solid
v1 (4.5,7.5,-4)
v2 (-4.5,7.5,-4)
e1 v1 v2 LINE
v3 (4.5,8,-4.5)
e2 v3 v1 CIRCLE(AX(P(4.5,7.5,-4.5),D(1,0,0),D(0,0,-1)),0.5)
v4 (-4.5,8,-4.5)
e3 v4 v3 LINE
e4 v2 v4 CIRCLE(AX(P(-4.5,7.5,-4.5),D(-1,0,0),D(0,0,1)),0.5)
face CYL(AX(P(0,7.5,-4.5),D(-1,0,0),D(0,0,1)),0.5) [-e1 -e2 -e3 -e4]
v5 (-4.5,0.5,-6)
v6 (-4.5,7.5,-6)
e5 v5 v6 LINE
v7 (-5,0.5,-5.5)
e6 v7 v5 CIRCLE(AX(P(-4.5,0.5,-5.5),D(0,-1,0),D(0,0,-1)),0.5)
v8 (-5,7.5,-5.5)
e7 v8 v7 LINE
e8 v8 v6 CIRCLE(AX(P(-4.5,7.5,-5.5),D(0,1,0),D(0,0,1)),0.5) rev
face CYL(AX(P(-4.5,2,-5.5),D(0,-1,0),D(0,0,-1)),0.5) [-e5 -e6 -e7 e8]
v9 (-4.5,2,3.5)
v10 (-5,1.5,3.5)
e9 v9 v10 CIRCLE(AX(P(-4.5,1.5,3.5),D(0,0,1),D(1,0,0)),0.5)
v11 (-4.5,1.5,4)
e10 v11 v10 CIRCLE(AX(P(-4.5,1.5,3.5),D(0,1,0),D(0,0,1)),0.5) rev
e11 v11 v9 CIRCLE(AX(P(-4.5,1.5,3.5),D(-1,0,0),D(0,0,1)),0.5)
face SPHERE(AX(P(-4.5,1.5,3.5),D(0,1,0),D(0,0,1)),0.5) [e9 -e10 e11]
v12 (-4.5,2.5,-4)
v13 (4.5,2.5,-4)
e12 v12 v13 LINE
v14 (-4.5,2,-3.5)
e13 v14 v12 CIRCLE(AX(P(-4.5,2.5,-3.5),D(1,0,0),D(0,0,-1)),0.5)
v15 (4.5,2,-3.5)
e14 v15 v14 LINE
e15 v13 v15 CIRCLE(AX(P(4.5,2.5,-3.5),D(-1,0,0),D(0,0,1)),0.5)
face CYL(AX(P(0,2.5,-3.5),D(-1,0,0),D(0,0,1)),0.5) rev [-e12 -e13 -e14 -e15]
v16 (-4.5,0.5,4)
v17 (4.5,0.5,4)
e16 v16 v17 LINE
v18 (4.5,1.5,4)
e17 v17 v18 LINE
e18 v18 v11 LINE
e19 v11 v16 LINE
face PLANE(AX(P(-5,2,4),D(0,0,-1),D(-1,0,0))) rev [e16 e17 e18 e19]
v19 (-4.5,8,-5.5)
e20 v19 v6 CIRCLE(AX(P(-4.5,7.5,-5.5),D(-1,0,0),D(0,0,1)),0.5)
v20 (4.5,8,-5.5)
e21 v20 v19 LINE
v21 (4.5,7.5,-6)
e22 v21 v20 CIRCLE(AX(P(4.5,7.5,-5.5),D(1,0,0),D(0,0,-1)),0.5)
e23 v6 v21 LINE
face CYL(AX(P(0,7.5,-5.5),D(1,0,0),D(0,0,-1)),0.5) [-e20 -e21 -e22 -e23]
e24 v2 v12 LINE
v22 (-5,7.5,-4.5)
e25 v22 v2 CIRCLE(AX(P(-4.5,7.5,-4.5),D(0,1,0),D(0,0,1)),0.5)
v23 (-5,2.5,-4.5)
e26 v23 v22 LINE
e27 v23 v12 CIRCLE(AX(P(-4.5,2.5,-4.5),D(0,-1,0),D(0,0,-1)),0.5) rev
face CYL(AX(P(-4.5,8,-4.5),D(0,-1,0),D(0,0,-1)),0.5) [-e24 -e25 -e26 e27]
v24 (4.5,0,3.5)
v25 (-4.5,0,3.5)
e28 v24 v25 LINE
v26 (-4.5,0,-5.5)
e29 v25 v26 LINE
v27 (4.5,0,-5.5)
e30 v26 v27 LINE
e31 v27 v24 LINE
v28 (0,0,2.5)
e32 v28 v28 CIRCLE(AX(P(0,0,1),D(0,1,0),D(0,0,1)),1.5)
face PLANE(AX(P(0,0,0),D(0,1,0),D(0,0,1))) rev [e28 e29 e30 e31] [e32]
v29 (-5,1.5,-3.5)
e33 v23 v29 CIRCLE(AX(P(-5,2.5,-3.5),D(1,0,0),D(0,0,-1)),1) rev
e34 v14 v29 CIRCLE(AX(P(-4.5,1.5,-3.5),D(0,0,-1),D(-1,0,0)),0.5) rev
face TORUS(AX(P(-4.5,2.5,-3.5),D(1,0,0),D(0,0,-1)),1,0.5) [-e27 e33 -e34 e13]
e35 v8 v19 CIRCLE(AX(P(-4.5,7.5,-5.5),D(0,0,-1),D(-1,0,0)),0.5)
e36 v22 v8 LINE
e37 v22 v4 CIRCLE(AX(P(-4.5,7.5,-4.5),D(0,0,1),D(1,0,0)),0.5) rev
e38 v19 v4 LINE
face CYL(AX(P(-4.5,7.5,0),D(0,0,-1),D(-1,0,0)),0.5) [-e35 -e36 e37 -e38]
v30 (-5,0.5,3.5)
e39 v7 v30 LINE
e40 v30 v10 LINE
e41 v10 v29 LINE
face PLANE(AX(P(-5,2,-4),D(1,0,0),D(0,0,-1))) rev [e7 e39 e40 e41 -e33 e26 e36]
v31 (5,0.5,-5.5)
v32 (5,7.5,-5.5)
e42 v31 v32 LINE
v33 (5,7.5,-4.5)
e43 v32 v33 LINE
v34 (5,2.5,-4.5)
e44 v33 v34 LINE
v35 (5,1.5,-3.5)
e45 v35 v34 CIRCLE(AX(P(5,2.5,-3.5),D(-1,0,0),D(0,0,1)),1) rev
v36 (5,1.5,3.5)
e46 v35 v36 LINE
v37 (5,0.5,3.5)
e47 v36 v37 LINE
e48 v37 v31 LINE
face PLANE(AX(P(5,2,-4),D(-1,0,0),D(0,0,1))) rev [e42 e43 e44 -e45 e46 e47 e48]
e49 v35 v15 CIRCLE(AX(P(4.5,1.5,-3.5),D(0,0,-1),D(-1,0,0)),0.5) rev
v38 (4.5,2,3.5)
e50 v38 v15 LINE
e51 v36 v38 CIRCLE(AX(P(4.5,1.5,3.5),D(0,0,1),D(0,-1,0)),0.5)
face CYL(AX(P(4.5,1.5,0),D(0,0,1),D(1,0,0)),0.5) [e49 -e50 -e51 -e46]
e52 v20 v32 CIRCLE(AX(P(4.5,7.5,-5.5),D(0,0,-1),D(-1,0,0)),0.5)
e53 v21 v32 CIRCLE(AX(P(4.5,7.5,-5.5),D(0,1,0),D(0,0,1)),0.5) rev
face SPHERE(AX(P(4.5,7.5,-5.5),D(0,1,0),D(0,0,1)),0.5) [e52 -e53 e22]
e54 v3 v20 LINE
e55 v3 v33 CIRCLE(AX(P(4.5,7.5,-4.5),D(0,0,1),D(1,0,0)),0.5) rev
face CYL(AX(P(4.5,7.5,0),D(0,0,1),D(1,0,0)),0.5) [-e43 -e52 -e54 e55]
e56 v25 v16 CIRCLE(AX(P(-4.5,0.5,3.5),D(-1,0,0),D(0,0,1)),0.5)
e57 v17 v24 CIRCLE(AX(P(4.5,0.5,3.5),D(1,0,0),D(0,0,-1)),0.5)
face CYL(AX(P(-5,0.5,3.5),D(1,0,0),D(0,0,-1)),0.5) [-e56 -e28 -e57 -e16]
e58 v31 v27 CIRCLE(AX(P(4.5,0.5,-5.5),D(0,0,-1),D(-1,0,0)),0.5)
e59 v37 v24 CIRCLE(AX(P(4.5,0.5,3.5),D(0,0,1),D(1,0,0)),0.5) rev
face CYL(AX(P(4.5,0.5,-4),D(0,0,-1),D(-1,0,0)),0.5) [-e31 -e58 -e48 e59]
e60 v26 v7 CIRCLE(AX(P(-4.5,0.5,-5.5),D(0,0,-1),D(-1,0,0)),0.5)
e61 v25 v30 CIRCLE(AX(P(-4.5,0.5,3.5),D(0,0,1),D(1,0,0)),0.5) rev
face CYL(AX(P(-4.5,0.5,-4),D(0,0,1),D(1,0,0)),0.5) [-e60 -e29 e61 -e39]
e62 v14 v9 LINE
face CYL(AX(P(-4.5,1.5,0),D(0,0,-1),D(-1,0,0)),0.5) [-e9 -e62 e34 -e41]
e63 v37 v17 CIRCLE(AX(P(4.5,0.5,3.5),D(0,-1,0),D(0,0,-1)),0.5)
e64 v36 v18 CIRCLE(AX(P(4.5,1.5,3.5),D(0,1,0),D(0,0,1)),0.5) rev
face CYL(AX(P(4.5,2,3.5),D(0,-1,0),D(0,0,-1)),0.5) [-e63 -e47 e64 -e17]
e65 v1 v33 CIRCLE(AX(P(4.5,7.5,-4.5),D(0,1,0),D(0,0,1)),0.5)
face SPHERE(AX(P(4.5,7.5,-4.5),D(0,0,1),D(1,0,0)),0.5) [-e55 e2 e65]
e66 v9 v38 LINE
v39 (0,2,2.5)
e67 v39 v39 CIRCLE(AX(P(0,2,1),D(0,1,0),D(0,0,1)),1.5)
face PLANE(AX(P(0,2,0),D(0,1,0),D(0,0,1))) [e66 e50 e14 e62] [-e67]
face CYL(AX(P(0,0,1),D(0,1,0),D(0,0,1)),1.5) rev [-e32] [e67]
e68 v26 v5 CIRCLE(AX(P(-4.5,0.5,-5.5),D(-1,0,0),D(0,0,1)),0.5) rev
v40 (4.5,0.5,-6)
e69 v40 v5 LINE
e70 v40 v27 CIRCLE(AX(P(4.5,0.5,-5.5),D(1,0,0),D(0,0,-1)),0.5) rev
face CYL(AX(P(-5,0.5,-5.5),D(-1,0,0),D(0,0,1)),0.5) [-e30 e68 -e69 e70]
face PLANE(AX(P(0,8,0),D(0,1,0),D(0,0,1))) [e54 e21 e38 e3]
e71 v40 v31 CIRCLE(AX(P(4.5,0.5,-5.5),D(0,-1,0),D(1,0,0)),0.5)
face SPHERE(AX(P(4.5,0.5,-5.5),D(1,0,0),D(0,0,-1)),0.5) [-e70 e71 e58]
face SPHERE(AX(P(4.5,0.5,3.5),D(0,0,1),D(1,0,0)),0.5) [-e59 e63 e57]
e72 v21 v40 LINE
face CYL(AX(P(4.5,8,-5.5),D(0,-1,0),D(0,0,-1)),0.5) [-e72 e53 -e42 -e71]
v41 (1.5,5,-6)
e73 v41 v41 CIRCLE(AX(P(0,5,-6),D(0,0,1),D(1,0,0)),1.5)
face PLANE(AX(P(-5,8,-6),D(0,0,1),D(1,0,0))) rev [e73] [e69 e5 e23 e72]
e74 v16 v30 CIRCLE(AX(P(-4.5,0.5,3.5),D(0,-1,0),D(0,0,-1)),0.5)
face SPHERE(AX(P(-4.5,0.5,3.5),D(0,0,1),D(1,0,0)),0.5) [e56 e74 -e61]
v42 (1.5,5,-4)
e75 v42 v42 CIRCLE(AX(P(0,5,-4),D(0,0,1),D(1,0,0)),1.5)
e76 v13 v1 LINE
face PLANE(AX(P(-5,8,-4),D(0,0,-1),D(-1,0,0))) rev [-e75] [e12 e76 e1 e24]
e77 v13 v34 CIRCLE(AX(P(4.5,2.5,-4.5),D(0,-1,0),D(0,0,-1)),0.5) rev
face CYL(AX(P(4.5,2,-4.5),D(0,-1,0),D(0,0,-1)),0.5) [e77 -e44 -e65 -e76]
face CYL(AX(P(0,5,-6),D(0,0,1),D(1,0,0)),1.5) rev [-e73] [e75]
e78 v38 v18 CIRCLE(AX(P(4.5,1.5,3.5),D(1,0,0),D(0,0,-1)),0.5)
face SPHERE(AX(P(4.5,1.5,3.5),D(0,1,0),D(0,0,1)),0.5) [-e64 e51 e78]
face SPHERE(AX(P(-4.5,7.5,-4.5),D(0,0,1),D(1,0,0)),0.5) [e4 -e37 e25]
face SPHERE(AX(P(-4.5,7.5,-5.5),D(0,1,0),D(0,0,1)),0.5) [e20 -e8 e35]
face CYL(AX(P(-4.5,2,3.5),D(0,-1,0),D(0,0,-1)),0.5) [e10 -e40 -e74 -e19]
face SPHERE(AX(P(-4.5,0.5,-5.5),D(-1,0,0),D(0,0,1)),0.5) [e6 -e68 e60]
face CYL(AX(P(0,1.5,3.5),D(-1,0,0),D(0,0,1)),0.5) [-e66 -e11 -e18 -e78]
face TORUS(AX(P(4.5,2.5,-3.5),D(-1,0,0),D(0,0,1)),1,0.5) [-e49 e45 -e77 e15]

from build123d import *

# Parameters (mm, degrees)
SKETCH1_W           = 10
SKETCH1_H           = 8
BOSS_EXTRUDE1_DEPTH = 2
SKETCH2_W           = 10
SKETCH2_H           = 2
BOSS_EXTRUDE2_DEPTH = 8
SKETCH3_R           = 1.5
CUT_EXTRUDE1_DEPTH  = 10.848857802
SKETCH4_R           = 1.5
CUT_EXTRUDE2_DEPTH  = 13.369316877
FILLET1_R           = 0.5


with BuildPart() as part:
    # Sketch1 → Boss-Extrude1 (new body)
    with BuildSketch(Plane(origin=(0, 0, 0), x_dir=(1, 0, 0), z_dir=(0, 1, 0))):
        Rectangle(SKETCH1_W, SKETCH1_H)
    extrude(amount=BOSS_EXTRUDE1_DEPTH)

    # Sketch2 → Boss-Extrude2 (add)
    with BuildSketch(Plane(origin=(0, 0, 0), x_dir=(1, 0, 0), z_dir=(0, 1, 0))):
        with Locations((0, 5)):
            Rectangle(SKETCH2_W, SKETCH2_H)
    extrude(amount=BOSS_EXTRUDE2_DEPTH)

    # Sketch3 → Cut-Extrude1 (cut, through all)
    with BuildSketch(Plane(origin=(0, 2, 0), x_dir=(1, 0, 0), z_dir=(0, 1, 0))):
        with Locations(Location((0, -1, 0), (0, 0, 270))):
            Circle(SKETCH3_R)
    extrude(amount=-CUT_EXTRUDE1_DEPTH, mode=Mode.SUBTRACT)

    # Sketch4 → Cut-Extrude2 (cut, through all)
    with BuildSketch(Plane.XY.offset(-4)):
        with Locations((0, 5)):
            Circle(SKETCH4_R)
    extrude(amount=-CUT_EXTRUDE2_DEPTH, mode=Mode.SUBTRACT)

    # Fillet1
    fillet1_edges = [part.edges().sort_by_distance(p)[0] for p in [
        (-5, 2, 0),
        (5, 5, -4),
        (0, 0, -6),
        (5, 4, -6),
        (-5, 4, -6),
        (-5, 5, -4),
        (5, 8, -5),
        (0, 8, -6),
        (0, 2, 4),
        (-5, 8, -5),
        (0, 8, -4),
        (5, 2, 0),
        (0, 0, 4),
        (-5, 0, -1),
        (5, 0, -1),
        (5, 1, 4),
        (-5, 1, 4),
        (0, 2, -4),
    ]]
    fillet(fillet1_edges, radius=FILLET1_R)


solid = part.part
